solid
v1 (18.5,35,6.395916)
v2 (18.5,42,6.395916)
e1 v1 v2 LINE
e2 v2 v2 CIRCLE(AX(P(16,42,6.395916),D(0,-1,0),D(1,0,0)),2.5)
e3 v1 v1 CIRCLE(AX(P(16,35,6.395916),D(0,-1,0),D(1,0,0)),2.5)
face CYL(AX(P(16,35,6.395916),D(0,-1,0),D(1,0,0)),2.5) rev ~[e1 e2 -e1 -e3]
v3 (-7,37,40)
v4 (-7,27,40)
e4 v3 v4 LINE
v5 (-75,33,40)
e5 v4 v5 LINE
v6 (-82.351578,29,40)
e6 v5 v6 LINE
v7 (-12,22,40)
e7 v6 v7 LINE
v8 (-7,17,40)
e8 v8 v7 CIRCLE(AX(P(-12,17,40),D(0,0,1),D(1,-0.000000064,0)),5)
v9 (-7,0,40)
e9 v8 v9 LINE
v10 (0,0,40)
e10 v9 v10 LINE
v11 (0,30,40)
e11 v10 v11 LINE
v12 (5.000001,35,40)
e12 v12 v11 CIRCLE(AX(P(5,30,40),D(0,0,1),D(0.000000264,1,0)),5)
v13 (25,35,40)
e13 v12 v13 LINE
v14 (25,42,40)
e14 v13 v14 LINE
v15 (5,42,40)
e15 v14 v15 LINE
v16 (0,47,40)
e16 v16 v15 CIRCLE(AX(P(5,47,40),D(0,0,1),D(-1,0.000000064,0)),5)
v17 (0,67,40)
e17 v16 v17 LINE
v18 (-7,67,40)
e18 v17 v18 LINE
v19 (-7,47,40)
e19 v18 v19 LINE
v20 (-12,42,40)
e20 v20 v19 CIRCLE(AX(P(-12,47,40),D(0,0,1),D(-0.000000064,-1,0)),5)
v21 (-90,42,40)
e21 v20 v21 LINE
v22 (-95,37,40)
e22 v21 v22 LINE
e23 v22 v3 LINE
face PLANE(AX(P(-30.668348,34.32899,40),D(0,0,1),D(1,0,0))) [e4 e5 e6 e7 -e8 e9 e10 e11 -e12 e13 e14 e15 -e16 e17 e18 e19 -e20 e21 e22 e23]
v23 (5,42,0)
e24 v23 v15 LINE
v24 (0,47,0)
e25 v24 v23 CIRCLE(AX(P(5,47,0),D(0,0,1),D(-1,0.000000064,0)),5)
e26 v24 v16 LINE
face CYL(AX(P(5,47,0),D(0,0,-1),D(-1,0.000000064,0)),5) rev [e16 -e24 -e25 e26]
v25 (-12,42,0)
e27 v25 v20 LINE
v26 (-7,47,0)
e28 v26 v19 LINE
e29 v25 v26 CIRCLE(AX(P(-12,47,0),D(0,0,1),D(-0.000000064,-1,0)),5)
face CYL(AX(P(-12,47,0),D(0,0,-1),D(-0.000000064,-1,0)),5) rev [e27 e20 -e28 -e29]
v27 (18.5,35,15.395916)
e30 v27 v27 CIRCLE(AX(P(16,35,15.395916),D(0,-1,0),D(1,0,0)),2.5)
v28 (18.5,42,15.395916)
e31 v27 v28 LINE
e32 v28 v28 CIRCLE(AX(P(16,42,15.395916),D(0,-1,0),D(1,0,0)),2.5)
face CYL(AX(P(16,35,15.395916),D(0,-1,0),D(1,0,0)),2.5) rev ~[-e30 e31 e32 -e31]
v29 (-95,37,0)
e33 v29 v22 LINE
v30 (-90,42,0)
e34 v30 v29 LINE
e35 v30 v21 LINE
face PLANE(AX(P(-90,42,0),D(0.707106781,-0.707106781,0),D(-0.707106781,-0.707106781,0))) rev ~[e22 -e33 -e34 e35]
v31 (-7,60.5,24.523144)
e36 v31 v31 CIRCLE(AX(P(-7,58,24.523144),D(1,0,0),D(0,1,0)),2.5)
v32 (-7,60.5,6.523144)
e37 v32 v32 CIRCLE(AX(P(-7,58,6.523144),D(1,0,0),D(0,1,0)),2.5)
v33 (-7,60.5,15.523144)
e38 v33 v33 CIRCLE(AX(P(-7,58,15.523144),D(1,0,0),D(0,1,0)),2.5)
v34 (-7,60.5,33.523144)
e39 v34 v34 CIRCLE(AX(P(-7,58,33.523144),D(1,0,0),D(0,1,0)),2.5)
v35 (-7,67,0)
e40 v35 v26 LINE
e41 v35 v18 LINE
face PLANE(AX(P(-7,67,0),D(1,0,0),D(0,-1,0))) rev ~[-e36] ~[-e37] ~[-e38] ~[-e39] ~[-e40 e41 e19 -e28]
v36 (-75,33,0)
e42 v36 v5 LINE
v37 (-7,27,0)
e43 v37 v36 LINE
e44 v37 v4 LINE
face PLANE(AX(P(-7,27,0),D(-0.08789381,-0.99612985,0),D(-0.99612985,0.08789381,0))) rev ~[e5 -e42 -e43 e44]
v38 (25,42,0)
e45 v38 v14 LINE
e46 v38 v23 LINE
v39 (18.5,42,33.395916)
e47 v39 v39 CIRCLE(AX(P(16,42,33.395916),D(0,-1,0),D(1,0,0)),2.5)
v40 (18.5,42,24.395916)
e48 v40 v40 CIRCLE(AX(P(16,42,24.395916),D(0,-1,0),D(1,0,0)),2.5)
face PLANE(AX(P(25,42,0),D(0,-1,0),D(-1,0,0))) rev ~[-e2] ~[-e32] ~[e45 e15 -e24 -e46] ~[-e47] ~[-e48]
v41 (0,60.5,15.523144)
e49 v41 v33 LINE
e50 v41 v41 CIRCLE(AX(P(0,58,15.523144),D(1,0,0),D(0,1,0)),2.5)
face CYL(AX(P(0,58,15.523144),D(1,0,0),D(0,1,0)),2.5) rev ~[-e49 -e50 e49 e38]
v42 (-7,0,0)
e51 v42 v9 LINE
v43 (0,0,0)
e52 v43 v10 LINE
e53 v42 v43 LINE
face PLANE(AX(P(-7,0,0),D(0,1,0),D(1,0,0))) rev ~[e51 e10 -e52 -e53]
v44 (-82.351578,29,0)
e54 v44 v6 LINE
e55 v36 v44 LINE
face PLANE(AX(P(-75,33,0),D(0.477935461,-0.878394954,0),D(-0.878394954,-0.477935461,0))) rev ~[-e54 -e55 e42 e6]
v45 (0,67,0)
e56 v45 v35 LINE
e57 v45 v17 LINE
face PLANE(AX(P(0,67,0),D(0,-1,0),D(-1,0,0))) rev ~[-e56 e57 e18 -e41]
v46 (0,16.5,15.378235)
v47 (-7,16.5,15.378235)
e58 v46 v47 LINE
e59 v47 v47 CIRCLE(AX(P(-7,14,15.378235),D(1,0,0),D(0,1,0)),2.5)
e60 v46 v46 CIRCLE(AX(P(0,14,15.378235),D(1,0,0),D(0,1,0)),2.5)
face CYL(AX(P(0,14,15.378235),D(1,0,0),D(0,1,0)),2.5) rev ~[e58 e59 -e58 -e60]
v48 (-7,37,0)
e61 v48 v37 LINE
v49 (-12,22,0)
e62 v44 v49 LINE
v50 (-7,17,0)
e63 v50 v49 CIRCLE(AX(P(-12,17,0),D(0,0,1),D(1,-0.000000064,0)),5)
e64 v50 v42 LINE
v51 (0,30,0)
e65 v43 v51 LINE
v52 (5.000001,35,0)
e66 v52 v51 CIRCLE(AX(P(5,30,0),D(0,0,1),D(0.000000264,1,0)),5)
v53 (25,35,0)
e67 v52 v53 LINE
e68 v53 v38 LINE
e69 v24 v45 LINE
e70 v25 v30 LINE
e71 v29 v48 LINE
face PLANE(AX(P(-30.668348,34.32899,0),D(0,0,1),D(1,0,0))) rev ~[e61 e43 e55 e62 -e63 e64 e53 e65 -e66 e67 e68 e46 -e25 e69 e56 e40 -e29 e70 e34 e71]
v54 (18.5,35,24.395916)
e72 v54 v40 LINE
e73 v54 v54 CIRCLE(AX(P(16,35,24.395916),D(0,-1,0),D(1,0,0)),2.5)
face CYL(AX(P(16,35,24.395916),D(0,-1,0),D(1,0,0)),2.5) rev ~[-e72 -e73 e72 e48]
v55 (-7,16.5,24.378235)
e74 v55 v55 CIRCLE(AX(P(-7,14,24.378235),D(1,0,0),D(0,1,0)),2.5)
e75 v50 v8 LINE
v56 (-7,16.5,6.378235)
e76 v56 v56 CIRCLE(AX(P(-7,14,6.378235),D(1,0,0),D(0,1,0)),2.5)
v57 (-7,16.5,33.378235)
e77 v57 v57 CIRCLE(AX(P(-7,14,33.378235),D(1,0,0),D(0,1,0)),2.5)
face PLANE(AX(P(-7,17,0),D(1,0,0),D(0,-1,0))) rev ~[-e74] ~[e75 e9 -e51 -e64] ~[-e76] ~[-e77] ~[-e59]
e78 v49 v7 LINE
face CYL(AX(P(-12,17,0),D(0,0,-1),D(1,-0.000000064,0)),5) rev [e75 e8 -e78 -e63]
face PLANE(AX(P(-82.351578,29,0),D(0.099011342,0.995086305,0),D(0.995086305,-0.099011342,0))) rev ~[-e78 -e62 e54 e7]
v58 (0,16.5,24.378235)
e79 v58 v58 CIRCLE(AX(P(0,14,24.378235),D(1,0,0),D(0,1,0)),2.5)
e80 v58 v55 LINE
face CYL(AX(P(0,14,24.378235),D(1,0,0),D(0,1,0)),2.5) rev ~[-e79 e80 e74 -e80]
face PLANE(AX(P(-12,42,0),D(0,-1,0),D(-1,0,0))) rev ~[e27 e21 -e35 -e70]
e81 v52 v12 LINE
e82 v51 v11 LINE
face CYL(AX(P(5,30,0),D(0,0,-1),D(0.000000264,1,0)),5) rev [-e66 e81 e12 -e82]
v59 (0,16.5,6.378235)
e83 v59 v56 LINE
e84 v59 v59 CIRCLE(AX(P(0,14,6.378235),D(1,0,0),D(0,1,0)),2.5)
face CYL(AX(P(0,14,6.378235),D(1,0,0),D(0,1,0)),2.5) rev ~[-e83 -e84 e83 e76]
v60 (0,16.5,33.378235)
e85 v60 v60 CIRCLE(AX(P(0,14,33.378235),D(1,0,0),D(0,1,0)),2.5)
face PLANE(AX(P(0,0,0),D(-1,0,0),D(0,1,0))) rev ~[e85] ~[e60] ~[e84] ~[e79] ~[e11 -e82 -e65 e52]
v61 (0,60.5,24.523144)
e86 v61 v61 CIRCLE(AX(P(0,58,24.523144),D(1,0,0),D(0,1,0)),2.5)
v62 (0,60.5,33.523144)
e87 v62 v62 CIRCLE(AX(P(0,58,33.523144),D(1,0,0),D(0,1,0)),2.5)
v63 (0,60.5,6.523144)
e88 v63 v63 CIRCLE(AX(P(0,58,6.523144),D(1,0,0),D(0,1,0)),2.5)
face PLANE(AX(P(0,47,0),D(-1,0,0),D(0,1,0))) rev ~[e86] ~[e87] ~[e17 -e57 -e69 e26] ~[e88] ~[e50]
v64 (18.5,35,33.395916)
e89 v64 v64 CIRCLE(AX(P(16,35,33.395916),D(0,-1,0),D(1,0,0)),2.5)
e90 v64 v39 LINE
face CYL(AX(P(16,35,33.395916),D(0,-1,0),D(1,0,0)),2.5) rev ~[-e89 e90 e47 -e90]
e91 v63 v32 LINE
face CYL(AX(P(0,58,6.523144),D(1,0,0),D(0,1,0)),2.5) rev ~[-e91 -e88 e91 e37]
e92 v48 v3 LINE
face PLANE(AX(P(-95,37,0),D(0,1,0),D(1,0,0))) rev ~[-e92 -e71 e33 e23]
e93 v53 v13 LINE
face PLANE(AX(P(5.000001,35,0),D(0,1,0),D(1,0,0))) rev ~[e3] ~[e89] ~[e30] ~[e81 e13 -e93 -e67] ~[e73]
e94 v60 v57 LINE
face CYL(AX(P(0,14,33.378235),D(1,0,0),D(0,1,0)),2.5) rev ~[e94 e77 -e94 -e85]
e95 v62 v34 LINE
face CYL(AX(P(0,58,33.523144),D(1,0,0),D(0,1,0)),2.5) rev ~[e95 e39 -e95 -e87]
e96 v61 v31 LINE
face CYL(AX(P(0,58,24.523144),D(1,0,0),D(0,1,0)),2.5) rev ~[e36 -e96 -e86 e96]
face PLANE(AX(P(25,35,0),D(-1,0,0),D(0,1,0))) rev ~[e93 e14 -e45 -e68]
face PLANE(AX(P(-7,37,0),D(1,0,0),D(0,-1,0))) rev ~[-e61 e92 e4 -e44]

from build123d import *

# Parameters (mm, degrees)
PAD_DEPTH              = 40
SKETCH001_R            = 2.5
POCKET_DEPTH           = 7
LINEARPATTERN_COUNT    = 4
LINEARPATTERN_PITCH    = 9
SKETCH002_R            = 2.5
POCKET001_DEPTH        = 7
LINEARPATTERN001_COUNT = 4
LINEARPATTERN001_PITCH = 9
SKETCH003_R            = 2.5
POCKET002_DEPTH        = 7
LINEARPATTERN002_COUNT = 4
LINEARPATTERN002_PITCH = 9


with BuildPart() as part:
    # Sketch → Pad (new body)
    with BuildSketch(Plane.XY):
        with BuildLine():
            Line((-7, 0), (0, 0))
            Line((0, 0), (0, 30))
            ThreePointArc((5.000001, 35), (1.464466, 33.535534), (0, 30))
            Line((5.000001, 35), (25, 35))
            Line((25, 35), (25, 42))
            Line((25, 42), (5, 42))
            ThreePointArc((0, 47), (1.464466, 43.464466), (5, 42))
            Line((0, 47), (0, 67))
            Line((0, 67), (-7, 67))
            Line((-7, 67), (-7, 47))
            ThreePointArc((-12, 42), (-8.464466, 43.464466), (-7, 47))
            Line((-12, 42), (-90, 42))
            Line((-90, 42), (-95, 37))
            Line((-95, 37), (-7, 37))
            Line((-7, 37), (-7, 27))
            Line((-7, 27), (-75, 33))
            Line((-75, 33), (-82.351578, 29))
            Line((-82.351578, 29), (-12, 22))
            ThreePointArc((-7, 17), (-8.464466, 20.535534), (-12, 22))
            Line((-7, 17), (-7, 0))
        make_face()
    extrude(amount=PAD_DEPTH)

    # Sketch001 → Pocket (cut)
    with BuildSketch(Plane.YZ):
        with Locations((58, 33.523144)):
            Circle(SKETCH001_R)
    pocket = extrude(amount=-POCKET_DEPTH, mode=Mode.SUBTRACT)

    # LinearPattern: Pocket ×4
    with Locations(*[(0, 0, -i * LINEARPATTERN_PITCH) for i in range(1, LINEARPATTERN_COUNT)]):
        add(pocket, mode=Mode.SUBTRACT)

    # Sketch002 → Pocket001 (cut)
    with BuildSketch(Plane.XZ.offset(-35)):
        with Locations((16, 33.395916)):
            Circle(SKETCH002_R)
    pocket001 = extrude(amount=-POCKET001_DEPTH, mode=Mode.SUBTRACT)

    # LinearPattern001: Pocket001 ×4
    with Locations(*[(0, 0, -i * LINEARPATTERN001_PITCH) for i in range(1, LINEARPATTERN001_COUNT)]):
        add(pocket001, mode=Mode.SUBTRACT)

    # Sketch003 → Pocket002 (cut)
    with BuildSketch(Plane.YZ):
        with Locations((14, 33.378235)):
            Circle(SKETCH003_R)
    pocket002 = extrude(amount=-POCKET002_DEPTH, mode=Mode.SUBTRACT)

    # LinearPattern002: Pocket002 ×4
    with Locations(*[(0, 0, -i * LINEARPATTERN002_PITCH) for i in range(1, LINEARPATTERN002_COUNT)]):
        add(pocket002, mode=Mode.SUBTRACT)


solid = part.part
